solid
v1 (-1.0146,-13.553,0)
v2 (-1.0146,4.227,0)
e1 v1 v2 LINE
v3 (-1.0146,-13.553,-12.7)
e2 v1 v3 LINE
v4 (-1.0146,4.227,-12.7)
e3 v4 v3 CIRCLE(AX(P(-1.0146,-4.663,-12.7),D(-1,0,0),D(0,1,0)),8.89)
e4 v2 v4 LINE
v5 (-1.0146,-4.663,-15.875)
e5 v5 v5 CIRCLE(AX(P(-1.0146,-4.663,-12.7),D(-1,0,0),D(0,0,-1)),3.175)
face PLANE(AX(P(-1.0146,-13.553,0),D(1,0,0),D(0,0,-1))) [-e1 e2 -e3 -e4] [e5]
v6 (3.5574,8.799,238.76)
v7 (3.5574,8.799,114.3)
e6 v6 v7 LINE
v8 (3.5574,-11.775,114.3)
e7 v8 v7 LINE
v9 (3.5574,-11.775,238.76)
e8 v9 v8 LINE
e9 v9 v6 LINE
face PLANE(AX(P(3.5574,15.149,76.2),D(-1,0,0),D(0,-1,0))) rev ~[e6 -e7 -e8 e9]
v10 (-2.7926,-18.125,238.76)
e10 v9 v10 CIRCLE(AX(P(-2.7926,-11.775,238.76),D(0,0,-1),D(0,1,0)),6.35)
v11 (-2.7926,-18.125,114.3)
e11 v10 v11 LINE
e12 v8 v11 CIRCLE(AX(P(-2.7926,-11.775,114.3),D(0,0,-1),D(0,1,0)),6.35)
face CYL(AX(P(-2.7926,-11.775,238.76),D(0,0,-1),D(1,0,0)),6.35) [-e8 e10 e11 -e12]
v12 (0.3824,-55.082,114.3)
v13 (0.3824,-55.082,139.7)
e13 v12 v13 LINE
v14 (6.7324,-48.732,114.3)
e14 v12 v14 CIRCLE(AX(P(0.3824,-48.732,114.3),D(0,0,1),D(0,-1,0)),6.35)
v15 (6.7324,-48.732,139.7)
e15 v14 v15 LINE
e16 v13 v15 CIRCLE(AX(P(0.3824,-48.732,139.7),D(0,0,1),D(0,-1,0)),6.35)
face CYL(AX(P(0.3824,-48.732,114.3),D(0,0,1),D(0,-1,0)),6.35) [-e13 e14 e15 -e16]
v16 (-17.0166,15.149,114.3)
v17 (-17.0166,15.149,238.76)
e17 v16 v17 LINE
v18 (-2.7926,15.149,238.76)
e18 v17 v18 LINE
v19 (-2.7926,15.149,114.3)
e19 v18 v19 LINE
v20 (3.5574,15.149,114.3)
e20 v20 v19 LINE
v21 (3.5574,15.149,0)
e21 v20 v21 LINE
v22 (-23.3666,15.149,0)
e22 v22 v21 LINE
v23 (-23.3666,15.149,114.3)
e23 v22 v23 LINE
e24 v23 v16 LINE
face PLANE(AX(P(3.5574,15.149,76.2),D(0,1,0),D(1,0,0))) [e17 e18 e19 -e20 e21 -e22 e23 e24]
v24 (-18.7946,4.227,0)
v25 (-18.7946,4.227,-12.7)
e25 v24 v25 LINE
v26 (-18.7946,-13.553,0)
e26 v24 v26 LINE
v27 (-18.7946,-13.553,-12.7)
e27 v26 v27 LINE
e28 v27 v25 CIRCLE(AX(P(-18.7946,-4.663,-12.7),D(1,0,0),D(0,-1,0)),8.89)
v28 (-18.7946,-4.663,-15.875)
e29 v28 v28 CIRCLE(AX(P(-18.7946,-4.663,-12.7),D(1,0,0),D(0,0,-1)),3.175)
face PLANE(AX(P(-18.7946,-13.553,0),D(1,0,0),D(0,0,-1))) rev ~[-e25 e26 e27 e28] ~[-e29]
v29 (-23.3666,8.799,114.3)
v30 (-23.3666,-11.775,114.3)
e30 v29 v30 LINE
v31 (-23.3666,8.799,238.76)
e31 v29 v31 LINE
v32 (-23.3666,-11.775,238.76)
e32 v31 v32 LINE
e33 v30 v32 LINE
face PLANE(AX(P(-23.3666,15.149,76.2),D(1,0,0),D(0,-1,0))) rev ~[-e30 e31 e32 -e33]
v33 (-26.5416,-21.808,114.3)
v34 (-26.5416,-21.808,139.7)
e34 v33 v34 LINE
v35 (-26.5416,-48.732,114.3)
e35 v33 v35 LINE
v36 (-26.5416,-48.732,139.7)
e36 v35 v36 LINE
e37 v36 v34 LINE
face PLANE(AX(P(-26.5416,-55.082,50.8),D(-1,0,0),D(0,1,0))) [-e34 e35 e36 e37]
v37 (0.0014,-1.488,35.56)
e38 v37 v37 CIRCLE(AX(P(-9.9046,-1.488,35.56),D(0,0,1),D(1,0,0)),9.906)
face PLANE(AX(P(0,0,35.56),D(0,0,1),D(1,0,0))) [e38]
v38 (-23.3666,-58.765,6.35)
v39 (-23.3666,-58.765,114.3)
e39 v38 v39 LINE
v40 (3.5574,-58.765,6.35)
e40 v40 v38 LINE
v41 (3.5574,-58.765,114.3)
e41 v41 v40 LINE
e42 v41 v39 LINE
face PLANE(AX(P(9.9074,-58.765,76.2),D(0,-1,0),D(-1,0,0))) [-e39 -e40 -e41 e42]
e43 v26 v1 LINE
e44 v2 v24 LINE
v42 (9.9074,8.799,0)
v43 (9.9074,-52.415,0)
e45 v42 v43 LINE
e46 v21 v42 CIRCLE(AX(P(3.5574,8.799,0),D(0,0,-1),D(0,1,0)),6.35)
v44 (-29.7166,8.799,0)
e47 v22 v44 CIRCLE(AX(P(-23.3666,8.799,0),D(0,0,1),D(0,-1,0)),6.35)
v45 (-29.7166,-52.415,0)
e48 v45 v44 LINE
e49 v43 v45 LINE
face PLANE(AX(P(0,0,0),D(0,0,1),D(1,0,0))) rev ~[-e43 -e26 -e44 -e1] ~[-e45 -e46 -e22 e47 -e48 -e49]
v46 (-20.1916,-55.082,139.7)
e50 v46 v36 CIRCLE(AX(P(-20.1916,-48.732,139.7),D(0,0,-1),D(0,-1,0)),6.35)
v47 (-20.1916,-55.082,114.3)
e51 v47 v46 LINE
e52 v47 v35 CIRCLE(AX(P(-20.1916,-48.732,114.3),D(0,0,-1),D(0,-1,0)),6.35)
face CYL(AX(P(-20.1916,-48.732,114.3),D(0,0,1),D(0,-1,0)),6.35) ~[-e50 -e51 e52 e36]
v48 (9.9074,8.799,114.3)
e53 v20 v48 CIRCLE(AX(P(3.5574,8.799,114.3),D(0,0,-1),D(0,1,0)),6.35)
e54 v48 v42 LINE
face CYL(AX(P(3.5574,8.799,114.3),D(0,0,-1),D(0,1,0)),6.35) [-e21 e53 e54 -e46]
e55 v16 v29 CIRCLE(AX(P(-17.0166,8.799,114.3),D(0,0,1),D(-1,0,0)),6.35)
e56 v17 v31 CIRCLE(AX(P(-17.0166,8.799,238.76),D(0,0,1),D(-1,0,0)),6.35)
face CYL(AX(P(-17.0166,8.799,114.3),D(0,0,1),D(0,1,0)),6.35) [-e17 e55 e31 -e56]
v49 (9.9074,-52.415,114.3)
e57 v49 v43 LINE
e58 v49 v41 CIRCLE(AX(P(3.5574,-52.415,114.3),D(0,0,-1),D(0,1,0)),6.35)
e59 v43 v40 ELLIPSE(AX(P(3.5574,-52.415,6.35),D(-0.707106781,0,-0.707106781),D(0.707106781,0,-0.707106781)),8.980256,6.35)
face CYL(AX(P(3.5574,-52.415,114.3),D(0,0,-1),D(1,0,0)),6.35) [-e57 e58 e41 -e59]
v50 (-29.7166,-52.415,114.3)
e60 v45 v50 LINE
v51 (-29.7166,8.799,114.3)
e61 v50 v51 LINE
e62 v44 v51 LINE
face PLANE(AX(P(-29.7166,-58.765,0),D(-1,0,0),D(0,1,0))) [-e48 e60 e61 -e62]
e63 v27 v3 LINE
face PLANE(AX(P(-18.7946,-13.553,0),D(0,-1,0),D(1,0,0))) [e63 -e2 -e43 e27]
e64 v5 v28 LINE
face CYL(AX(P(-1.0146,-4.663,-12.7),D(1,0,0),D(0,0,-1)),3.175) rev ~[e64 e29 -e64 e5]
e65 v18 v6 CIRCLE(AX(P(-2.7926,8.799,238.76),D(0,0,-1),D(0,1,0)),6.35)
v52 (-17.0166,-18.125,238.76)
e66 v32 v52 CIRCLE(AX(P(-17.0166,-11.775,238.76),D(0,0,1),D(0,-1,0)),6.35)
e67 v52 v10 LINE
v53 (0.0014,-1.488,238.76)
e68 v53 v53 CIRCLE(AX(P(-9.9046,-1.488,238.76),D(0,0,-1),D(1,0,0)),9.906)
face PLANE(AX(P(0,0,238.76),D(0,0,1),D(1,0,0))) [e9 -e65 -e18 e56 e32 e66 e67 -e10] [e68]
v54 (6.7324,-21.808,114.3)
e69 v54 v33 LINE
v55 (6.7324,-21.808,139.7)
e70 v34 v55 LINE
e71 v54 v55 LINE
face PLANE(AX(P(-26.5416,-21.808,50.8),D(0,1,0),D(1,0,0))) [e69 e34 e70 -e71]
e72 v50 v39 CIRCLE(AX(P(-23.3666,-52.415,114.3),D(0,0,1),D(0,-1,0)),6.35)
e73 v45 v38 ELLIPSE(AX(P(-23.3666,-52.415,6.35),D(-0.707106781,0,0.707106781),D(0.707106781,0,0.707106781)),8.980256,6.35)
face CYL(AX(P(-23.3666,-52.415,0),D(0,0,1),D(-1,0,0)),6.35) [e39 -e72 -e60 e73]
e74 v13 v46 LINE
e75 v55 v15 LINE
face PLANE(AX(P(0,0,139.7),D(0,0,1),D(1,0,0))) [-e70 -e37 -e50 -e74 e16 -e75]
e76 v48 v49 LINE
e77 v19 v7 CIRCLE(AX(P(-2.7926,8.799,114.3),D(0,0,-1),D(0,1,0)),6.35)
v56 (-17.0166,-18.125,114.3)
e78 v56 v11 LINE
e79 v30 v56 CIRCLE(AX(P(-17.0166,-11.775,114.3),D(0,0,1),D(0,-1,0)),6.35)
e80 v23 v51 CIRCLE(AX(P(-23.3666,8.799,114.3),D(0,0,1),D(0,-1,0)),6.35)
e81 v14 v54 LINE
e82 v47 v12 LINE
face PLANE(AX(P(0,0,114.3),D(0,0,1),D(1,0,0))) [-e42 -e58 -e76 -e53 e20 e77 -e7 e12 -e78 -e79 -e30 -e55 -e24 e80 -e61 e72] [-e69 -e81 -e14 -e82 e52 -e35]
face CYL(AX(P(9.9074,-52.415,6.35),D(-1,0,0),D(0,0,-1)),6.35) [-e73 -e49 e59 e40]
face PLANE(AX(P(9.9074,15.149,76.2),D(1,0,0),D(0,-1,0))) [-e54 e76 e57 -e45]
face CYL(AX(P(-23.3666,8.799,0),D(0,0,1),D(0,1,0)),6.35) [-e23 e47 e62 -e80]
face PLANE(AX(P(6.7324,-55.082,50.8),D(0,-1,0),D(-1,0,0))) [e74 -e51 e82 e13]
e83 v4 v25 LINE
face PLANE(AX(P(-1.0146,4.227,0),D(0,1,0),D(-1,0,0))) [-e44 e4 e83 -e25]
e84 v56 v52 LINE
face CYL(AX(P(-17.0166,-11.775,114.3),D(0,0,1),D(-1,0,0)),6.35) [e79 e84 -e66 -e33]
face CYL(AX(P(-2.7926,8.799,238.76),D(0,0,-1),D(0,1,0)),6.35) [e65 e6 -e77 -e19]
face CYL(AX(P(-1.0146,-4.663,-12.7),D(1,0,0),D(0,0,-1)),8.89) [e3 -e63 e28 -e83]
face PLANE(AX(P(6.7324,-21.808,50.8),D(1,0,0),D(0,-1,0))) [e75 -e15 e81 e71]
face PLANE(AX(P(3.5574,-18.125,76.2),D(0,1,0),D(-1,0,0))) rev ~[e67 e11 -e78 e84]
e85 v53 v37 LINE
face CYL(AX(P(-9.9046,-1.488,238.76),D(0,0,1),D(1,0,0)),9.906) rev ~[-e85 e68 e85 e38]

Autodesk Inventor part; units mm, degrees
ref_plane "YZ Plane" through (0, 0, 0) normal (1, 0, 0) x (0, 1, 0)
ref_plane "XZ Plane" through (0, 0, 0) normal (0, 1, 0) x (-1, 0, 0)
ref_plane "XY Plane" through (0, 0, 0) normal (0, 0, 1) x (1, 0, 0)
sketch "Sketch1" plane through (0, 0, 0) normal (0, 0, 1) x (1, 0, 0)
  line L0 (-29.7166, 15.149) -> (9.9074, 15.149)
  line L1 (9.9074, 15.149) -> (9.9074, -58.765)
  line L2 (9.9074, -58.765) -> (-29.7166, -58.765)
  line L3 (-29.7166, -58.765) -> (-29.7166, 15.149)
  point P0 (0, 0)
  dimension "d0" = 39.624
  dimension "d1" = 73.914
extrude "Extrusion1" add sketch "Sketch1" along normal blind 76.2
sketch "Sketch2" plane through (0, 0, 76.2) normal (0, 0, 1) x (1, 0, 0)
  line L0 (9.9074, 15.149) -> (9.9074, -58.765) projected
  line L1 (-29.7166, 15.149) -> (9.9074, 15.149)
  line L2 (9.9074, 15.149) -> (9.9074, -24.475)
  line L3 (9.9074, -24.475) -> (-29.7166, -24.475)
  line L4 (-29.7166, -24.475) -> (-29.7166, 15.149)
  line L5 (-29.7166, -24.475) -> (-23.3666, -24.475)
  line L6 (-23.3666, -24.475) -> (-23.3666, -18.125)
  line L7 (-23.3666, -18.125) -> (-29.7166, -18.125)
  line L8 (-29.7166, -18.125) -> (-29.7166, -24.475)
  line L9 (-23.3666, -18.125) -> (3.5574, -18.125)
  line L10 (3.5574, -18.125) -> (3.5574, 15.149)
  line L11 (3.5574, 15.149) -> (-23.3666, 15.149)
  line L12 (-23.3666, 15.149) -> (-23.3666, -18.125)
  point P0 (0, 0)
  dimension "d4" = 39.624
  dimension "d5" = 6.35
  dimension "d6" = 6.35
  dimension "d7" = 26.924
extrude "Extrusion2" add sketch "Sketch2" along normal blind 162.56 contours L10 L9 L12 L1
sketch "Sketch3" plane through (0, 0, 238.76) normal (0, 0, 1) x (1, 0, 0)
  line L0 (-23.3666, 15.149) -> (3.5574, -18.125)
  line L1 (3.5574, 15.149) -> (-23.3666, -18.125)
  circle A0 centre (-9.9046, -1.488) radius 9.906
  point P0 (0, 0)
  dimension "d10" = 19.812
extrude "Extrusion3" cut sketch "Sketch3" against normal blind 203.2
sketch "Sketch4" plane through (0, 0, 76.2) normal (0, 0, 1) x (1, 0, 0)
  line L0 (3.5574, 15.149) -> (3.5574, -18.125) projected
  line L1 (3.5574, -18.125) -> (-23.3666, -18.125) projected
  line L2 (-23.3666, -18.125) -> (-23.3666, 15.149) projected
  line L3 (-29.7166, 15.149) -> (-23.3666, 15.149) projected
  line L4 (-29.7166, -58.765) -> (-29.7166, 15.149) projected
  line L5 (9.9074, -58.765) -> (-29.7166, -58.765) projected
  line L6 (9.9074, 15.149) -> (9.9074, -58.765) projected
  line L7 (3.5574, 15.149) -> (9.9074, 15.149) projected
  point P0 (0, 0)
extrude "Extrusion4" cut sketch "Sketch4" against normal blind 25.4
sketch "Sketch5" plane through (0, 0, 50.8) normal (0, 0, 1) x (1, 0, 0)
  line L0 (-26.5416, -21.808) -> (6.7324, -21.808)
  line L1 (6.7324, -21.808) -> (6.7324, -55.082)
  line L2 (6.7324, -55.082) -> (-26.5416, -55.082)
  line L3 (-26.5416, -55.082) -> (-26.5416, -21.808)
  point P0 (0, 0)
  dimension "d15" = 33.274
extrude "Extrusion5" add sketch "Sketch5" along normal blind 88.9
sketch "Sketch6" plane through (0, 0, 50.8) normal (0, 0, 1) x (1, 0, 0)
  line L0 (6.7324, -21.808) -> (6.7324, -55.082) projected
  line L1 (6.7324, -55.082) -> (-26.5416, -55.082) projected
  line L2 (-26.5416, -55.082) -> (-26.5416, -21.808) projected
  line L3 (-26.5416, -21.808) -> (6.7324, -21.808) projected
  line L4 (3.5574, -18.125) -> (-23.3666, -18.125) projected
  line L5 (-23.3666, -18.125) -> (-23.3666, 15.149) projected
  line L6 (-29.7166, 15.149) -> (-23.3666, 15.149) projected
  line L7 (-29.7166, -58.765) -> (-29.7166, 15.149) projected
  line L8 (9.9074, -58.765) -> (-29.7166, -58.765) projected
  line L9 (9.9074, 15.149) -> (9.9074, -58.765) projected
  line L10 (3.5574, 15.149) -> (9.9074, 15.149) projected
  line L11 (3.5574, 15.149) -> (3.5574, -18.125) projected
  point P0 (0, 0)
extrude "Extrusion6" add sketch "Sketch6" along normal blind 25.4
sketch "Sketch7" plane through (0, 0, 0) normal (0, 0, -1) x (-1, 0, 0)
  line L0 (-9.9074, 15.149) -> (-9.9074, -58.765) projected
  line L1 (29.7166, -58.765) -> (29.7166, 15.149) projected
  line L2 (-9.9074, 15.149) -> (29.7166, -24.475)
  line L3 (-9.9074, 15.149) -> (46.1294, 15.149) construction
  line L4 (29.7166, 15.149) -> (-9.9074, -24.475)
  line L5 (1.0146, 4.227) -> (18.7946, 4.227)
  line L6 (1.0146, 4.227) -> (18.7946, 4.227)
  line L7 (18.7946, 4.227) -> (18.7946, -13.553)
  line L8 (18.7946, -13.553) -> (1.0146, -13.553)
  line L9 (1.0146, -13.553) -> (1.0146, 4.227)
  point P0 (0, 0)
  dimension "d20" = 45
  dimension "d21" = 17.78
extrude "Extrusion7" add sketch "Sketch7" along normal blind 12.7 contours L5 L4 L2 | L2 L4 L9 | L4 L2 L8 | L4 L7 L2
sketch "Sketch8" plane through (-18.7946, -13.553, 0) normal (-1, 0, 0) x (0, 0, 1)
  line L0 (-12.7, 17.78) -> (-12.7, 0) projected
  circle A0 centre (-12.7, 8.89) radius 3.175
  point P0 (0, 13.553)
  dimension "d24" = 6.35
extrude "Extrusion8" cut sketch "Sketch8" against normal blind 25.4
sketch "Sketch9" plane through (-1.0146, -13.553, 0) normal (1, 0, 0) x (0, 0, -1)
  arc A0 (12.7, 12.065) -> (12.7, 5.715) centre (12.7, 8.89) ccw projected
  circle A1 centre (12.7, 8.89) radius 3.175
  circle A2 centre (12.7, 8.89) radius 8.89
  point P0 (0, 13.553)
extrude "Extrusion9" add sketch "Sketch9" against normal blind 17.78
sketch "Sketch10" plane through (0, 0, 76.2) normal (0, 0, 1) x (1, 0, 0)
  line L0 (-26.5416, -55.082) -> (6.7324, -55.082) projected
  line L1 (-26.5416, -21.808) -> (-26.5416, -55.082) projected
  line L2 (6.7324, -21.808) -> (-26.5416, -21.808) projected
  line L3 (6.7324, -55.082) -> (6.7324, -21.808) projected
  line L4 (3.5574, -18.125) -> (3.5574, 15.149) projected
  line L5 (-23.3666, -18.125) -> (3.5574, -18.125) projected
  line L6 (-23.3666, 15.149) -> (-23.3666, -18.125) projected
  line L7 (-29.7166, 15.149) -> (-23.3666, 15.149) projected
  line L8 (-29.7166, -58.765) -> (-29.7166, 15.149) projected
  line L9 (9.9074, -58.765) -> (-29.7166, -58.765) projected
  line L10 (9.9074, 15.149) -> (9.9074, -58.765) projected
  line L11 (3.5574, 15.149) -> (9.9074, 15.149) projected
  point P0 (0, 0)
extrude "Extrusion10" add sketch "Sketch10" along normal blind 38.1
fillet "Fillet1" radius 6.35 11 edges at (9.9074, 15.149, 57.15) (-29.7166, 15.149, 57.15) (9.9074, -58.765, 57.15) (-29.7166, -58.765, 57.15) (-26.5416, -55.082, 127) (6.7324, -55.082, 127) (-9.9046, -58.765, 0) (-23.3666, 15.149, 176.53) (3.5574, 15.149, 176.53) (-23.3666, -18.125, 176.53) (3.5574, -18.125, 176.53)
properties part number "linac body"
